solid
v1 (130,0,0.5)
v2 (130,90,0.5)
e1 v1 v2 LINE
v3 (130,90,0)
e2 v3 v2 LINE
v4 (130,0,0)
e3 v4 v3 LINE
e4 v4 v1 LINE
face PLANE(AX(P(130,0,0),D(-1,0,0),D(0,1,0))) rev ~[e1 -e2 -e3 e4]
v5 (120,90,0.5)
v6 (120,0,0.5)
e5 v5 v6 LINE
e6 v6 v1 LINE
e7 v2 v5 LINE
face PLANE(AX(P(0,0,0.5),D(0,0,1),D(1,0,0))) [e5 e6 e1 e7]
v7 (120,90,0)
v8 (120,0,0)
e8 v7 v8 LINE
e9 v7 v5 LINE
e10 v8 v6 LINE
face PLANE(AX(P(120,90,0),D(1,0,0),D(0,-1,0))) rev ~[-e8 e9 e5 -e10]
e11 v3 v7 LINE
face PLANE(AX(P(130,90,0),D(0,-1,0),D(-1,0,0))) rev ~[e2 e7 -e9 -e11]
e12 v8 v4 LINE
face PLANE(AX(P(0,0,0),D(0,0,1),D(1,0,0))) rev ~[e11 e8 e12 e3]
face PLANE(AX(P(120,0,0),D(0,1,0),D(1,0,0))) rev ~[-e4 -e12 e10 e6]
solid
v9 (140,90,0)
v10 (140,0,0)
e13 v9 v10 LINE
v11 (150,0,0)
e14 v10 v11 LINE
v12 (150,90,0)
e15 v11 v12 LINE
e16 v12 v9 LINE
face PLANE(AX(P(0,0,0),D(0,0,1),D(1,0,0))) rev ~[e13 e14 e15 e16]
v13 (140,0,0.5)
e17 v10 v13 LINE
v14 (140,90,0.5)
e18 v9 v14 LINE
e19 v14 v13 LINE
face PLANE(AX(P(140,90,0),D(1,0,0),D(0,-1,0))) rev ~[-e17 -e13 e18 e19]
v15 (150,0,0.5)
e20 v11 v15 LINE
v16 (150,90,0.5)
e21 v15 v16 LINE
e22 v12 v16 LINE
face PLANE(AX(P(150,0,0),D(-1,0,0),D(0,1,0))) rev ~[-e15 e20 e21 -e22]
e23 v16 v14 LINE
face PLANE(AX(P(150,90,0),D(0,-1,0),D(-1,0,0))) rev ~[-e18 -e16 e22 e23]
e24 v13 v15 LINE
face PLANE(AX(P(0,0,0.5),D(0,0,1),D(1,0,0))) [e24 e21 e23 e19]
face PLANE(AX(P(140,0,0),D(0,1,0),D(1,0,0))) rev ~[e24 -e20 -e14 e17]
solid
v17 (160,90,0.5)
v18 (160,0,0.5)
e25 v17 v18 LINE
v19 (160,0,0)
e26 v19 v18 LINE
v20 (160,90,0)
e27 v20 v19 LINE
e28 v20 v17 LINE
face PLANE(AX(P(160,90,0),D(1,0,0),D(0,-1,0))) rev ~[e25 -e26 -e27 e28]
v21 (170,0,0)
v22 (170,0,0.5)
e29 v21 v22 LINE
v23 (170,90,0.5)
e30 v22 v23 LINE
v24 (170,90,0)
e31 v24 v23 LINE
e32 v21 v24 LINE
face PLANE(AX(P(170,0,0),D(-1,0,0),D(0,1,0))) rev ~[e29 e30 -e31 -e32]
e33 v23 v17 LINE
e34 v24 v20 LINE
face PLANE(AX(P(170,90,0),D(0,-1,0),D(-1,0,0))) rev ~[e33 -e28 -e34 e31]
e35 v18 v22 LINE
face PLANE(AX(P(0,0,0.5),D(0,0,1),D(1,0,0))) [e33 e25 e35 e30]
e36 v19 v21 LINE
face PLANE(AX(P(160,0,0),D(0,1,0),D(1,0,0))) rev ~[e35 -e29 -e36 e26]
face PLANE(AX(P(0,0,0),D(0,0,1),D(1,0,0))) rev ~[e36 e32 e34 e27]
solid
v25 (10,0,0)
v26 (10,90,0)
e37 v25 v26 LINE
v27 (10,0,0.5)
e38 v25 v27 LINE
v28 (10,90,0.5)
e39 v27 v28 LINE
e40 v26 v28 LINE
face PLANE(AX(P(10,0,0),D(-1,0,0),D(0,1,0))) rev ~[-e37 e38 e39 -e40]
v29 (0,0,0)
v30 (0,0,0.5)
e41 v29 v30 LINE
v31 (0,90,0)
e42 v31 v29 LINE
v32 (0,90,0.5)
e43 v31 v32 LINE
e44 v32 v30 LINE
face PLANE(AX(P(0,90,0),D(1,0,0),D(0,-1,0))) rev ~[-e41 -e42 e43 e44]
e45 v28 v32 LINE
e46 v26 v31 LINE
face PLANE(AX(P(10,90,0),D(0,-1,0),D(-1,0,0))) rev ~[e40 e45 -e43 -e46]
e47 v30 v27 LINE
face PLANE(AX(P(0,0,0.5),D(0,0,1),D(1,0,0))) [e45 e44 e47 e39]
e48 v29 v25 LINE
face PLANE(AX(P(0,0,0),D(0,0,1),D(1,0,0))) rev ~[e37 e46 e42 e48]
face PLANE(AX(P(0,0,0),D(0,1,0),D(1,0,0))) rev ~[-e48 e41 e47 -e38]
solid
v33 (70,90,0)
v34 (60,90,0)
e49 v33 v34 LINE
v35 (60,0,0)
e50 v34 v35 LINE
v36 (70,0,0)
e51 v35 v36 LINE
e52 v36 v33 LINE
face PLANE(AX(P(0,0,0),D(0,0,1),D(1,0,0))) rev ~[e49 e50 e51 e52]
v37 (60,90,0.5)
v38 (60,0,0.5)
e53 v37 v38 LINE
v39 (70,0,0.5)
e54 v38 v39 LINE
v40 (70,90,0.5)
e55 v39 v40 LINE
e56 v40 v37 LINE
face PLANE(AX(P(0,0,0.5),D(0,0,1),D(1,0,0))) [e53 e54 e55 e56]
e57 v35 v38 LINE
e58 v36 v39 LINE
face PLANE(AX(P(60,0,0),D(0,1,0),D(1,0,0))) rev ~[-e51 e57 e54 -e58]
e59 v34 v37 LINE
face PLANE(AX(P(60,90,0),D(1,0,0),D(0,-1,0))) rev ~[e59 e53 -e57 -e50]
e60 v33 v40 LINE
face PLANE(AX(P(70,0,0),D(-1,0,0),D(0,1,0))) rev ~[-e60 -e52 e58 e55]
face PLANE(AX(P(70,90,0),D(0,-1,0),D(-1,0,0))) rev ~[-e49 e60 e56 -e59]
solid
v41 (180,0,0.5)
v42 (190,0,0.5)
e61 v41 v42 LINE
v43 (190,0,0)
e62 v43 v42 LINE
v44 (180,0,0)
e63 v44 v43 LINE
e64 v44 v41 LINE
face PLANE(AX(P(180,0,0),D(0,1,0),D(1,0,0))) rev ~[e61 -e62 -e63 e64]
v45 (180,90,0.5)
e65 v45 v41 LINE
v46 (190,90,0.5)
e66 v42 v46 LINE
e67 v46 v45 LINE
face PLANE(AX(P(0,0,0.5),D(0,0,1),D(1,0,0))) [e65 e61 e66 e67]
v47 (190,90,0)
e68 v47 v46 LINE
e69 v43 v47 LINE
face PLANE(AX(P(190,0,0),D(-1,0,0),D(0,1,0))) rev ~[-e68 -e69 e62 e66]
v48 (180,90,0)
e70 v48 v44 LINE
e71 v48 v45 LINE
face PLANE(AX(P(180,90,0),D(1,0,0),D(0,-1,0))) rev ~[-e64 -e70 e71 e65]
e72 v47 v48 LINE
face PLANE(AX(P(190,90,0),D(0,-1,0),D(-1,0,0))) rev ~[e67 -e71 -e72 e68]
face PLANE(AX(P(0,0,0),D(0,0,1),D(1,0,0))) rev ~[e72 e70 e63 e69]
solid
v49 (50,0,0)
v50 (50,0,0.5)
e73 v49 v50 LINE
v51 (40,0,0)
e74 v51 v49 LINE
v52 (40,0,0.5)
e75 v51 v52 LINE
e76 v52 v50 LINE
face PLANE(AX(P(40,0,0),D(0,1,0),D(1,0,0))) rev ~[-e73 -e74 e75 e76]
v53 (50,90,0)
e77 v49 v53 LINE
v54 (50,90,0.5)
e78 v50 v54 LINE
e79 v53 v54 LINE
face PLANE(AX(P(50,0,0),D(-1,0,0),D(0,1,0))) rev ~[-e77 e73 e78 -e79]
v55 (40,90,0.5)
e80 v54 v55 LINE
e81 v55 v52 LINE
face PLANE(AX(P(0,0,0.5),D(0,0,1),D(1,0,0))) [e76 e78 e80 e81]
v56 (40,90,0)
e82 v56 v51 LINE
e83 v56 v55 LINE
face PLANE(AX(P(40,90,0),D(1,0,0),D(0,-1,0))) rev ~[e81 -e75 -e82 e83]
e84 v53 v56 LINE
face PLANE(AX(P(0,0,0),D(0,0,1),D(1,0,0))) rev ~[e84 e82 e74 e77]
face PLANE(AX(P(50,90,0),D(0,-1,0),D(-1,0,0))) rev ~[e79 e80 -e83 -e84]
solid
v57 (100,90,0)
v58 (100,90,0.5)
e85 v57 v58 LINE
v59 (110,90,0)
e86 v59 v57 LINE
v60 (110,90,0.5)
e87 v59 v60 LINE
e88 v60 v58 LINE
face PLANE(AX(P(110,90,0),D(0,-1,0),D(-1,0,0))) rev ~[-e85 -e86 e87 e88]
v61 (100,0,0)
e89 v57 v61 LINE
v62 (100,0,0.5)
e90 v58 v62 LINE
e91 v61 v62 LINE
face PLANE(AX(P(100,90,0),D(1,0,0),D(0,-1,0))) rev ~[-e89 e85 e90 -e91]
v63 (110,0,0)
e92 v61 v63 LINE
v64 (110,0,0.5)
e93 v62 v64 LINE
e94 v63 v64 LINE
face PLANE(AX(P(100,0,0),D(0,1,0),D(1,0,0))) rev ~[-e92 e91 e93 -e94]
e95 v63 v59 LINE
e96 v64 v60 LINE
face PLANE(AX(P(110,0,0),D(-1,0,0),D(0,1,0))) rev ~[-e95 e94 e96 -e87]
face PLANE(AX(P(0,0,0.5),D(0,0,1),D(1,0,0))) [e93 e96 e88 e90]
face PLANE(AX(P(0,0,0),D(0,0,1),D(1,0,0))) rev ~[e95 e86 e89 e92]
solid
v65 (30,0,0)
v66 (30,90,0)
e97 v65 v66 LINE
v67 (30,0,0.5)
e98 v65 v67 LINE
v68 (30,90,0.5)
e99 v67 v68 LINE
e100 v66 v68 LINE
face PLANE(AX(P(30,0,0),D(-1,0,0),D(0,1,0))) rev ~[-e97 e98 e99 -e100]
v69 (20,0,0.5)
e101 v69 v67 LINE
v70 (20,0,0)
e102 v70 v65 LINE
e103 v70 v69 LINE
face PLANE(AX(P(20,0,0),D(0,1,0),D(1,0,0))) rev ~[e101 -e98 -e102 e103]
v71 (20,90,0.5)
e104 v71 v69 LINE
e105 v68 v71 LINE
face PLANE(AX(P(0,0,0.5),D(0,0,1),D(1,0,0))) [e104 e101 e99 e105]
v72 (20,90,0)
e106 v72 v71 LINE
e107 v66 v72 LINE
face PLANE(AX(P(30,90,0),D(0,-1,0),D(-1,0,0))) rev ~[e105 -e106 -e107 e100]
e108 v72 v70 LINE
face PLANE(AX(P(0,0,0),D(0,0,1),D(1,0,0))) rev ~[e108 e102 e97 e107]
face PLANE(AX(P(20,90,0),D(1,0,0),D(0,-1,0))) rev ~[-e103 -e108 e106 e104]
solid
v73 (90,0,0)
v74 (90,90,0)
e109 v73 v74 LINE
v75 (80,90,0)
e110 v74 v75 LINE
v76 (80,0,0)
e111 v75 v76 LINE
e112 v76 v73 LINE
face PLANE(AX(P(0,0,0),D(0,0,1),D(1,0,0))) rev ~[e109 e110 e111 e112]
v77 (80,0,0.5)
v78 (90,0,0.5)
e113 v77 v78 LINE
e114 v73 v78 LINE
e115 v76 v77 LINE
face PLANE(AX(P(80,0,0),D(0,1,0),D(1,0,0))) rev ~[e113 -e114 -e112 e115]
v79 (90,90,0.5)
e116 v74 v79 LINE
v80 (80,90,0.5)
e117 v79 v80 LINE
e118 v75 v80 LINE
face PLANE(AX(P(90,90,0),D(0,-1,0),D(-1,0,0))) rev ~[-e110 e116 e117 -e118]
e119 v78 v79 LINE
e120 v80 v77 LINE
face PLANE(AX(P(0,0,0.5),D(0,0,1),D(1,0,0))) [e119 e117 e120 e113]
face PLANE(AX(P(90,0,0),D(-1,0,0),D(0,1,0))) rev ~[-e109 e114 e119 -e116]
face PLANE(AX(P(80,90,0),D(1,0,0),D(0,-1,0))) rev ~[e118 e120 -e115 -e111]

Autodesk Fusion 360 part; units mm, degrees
sketch "Sketch1" plane through (0, 0, 0) normal (0, 0, 1) x (1, 0, 0)
  line L0 (0, 0) -> (10, 0)
  line L1 (10, 0) -> (10, 90)
  line L2 (10, 90) -> (0, 90)
  line L3 (0, 90) -> (0, 0)
  line L4 (20, 90) -> (20, 0)
  line L5 (30, 0) -> (30, 90)
  line L6 (20, 0) -> (30, 0)
  line L7 (30, 90) -> (20, 90)
  line L8 (40, 90) -> (40, 0)
  line L9 (50, 0) -> (50, 90)
  line L10 (40, 0) -> (50, 0)
  line L11 (50, 90) -> (40, 90)
  line L12 (60, 90) -> (60, 0)
  line L13 (70, 0) -> (70, 90)
  line L14 (60, 0) -> (70, 0)
  line L15 (70, 90) -> (60, 90)
  line L16 (80, 90) -> (80, 0)
  line L17 (90, 0) -> (90, 90)
  line L18 (80, 0) -> (90, 0)
  line L19 (90, 90) -> (80, 90)
  line L20 (100, 90) -> (100, 0)
  line L21 (110, 0) -> (110, 90)
  line L22 (100, 0) -> (110, 0)
  line L23 (110, 90) -> (100, 90)
  line L24 (120, 90) -> (120, 0)
  line L25 (130, 0) -> (130, 90)
  line L26 (120, 0) -> (130, 0)
  line L27 (130, 90) -> (120, 90)
  line L28 (140, 90) -> (140, 0)
  line L29 (150, 0) -> (150, 90)
  line L30 (140, 0) -> (150, 0)
  line L31 (150, 90) -> (140, 90)
  line L32 (160, 90) -> (160, 0)
  line L33 (170, 0) -> (170, 90)
  line L34 (160, 0) -> (170, 0)
  line L35 (170, 90) -> (160, 90)
  line L36 (180, 90) -> (180, 0)
  line L37 (190, 0) -> (190, 90)
  line L38 (180, 0) -> (190, 0)
  line L39 (190, 90) -> (180, 90)
  point P0 (20, 0)
  point P1 (40, 0)
  point P2 (60, 0)
  point P3 (80, 0)
  point P4 (100, 0)
  point P5 (120, 0)
  point P6 (140, 0)
  point P7 (160, 0)
  point P8 (180, 0)
  dimension "d1" = 10
  dimension "d2" = 90
  dimension "d5" = 20
  dimension "d6" = 0
extrude "Extrude1" add sketch "Sketch1" along normal blind 0.5 makes body 1 at (63.3333, 60, 0) makes body 2 at (23.3333, 60, 0) makes body 3 at (3.3333, 60, 0) makes body 4 at (123.3333, 60, 0) makes body 5 at (143.3333, 60, 0) makes body 6 at (83.3333, 60, 0) makes body 7 at (183.3333, 60, 0) makes body 8 at (163.3333, 60, 0) makes body 9 at (103.3333, 60, 0) makes body 10 at (43.3333, 60, 0)
